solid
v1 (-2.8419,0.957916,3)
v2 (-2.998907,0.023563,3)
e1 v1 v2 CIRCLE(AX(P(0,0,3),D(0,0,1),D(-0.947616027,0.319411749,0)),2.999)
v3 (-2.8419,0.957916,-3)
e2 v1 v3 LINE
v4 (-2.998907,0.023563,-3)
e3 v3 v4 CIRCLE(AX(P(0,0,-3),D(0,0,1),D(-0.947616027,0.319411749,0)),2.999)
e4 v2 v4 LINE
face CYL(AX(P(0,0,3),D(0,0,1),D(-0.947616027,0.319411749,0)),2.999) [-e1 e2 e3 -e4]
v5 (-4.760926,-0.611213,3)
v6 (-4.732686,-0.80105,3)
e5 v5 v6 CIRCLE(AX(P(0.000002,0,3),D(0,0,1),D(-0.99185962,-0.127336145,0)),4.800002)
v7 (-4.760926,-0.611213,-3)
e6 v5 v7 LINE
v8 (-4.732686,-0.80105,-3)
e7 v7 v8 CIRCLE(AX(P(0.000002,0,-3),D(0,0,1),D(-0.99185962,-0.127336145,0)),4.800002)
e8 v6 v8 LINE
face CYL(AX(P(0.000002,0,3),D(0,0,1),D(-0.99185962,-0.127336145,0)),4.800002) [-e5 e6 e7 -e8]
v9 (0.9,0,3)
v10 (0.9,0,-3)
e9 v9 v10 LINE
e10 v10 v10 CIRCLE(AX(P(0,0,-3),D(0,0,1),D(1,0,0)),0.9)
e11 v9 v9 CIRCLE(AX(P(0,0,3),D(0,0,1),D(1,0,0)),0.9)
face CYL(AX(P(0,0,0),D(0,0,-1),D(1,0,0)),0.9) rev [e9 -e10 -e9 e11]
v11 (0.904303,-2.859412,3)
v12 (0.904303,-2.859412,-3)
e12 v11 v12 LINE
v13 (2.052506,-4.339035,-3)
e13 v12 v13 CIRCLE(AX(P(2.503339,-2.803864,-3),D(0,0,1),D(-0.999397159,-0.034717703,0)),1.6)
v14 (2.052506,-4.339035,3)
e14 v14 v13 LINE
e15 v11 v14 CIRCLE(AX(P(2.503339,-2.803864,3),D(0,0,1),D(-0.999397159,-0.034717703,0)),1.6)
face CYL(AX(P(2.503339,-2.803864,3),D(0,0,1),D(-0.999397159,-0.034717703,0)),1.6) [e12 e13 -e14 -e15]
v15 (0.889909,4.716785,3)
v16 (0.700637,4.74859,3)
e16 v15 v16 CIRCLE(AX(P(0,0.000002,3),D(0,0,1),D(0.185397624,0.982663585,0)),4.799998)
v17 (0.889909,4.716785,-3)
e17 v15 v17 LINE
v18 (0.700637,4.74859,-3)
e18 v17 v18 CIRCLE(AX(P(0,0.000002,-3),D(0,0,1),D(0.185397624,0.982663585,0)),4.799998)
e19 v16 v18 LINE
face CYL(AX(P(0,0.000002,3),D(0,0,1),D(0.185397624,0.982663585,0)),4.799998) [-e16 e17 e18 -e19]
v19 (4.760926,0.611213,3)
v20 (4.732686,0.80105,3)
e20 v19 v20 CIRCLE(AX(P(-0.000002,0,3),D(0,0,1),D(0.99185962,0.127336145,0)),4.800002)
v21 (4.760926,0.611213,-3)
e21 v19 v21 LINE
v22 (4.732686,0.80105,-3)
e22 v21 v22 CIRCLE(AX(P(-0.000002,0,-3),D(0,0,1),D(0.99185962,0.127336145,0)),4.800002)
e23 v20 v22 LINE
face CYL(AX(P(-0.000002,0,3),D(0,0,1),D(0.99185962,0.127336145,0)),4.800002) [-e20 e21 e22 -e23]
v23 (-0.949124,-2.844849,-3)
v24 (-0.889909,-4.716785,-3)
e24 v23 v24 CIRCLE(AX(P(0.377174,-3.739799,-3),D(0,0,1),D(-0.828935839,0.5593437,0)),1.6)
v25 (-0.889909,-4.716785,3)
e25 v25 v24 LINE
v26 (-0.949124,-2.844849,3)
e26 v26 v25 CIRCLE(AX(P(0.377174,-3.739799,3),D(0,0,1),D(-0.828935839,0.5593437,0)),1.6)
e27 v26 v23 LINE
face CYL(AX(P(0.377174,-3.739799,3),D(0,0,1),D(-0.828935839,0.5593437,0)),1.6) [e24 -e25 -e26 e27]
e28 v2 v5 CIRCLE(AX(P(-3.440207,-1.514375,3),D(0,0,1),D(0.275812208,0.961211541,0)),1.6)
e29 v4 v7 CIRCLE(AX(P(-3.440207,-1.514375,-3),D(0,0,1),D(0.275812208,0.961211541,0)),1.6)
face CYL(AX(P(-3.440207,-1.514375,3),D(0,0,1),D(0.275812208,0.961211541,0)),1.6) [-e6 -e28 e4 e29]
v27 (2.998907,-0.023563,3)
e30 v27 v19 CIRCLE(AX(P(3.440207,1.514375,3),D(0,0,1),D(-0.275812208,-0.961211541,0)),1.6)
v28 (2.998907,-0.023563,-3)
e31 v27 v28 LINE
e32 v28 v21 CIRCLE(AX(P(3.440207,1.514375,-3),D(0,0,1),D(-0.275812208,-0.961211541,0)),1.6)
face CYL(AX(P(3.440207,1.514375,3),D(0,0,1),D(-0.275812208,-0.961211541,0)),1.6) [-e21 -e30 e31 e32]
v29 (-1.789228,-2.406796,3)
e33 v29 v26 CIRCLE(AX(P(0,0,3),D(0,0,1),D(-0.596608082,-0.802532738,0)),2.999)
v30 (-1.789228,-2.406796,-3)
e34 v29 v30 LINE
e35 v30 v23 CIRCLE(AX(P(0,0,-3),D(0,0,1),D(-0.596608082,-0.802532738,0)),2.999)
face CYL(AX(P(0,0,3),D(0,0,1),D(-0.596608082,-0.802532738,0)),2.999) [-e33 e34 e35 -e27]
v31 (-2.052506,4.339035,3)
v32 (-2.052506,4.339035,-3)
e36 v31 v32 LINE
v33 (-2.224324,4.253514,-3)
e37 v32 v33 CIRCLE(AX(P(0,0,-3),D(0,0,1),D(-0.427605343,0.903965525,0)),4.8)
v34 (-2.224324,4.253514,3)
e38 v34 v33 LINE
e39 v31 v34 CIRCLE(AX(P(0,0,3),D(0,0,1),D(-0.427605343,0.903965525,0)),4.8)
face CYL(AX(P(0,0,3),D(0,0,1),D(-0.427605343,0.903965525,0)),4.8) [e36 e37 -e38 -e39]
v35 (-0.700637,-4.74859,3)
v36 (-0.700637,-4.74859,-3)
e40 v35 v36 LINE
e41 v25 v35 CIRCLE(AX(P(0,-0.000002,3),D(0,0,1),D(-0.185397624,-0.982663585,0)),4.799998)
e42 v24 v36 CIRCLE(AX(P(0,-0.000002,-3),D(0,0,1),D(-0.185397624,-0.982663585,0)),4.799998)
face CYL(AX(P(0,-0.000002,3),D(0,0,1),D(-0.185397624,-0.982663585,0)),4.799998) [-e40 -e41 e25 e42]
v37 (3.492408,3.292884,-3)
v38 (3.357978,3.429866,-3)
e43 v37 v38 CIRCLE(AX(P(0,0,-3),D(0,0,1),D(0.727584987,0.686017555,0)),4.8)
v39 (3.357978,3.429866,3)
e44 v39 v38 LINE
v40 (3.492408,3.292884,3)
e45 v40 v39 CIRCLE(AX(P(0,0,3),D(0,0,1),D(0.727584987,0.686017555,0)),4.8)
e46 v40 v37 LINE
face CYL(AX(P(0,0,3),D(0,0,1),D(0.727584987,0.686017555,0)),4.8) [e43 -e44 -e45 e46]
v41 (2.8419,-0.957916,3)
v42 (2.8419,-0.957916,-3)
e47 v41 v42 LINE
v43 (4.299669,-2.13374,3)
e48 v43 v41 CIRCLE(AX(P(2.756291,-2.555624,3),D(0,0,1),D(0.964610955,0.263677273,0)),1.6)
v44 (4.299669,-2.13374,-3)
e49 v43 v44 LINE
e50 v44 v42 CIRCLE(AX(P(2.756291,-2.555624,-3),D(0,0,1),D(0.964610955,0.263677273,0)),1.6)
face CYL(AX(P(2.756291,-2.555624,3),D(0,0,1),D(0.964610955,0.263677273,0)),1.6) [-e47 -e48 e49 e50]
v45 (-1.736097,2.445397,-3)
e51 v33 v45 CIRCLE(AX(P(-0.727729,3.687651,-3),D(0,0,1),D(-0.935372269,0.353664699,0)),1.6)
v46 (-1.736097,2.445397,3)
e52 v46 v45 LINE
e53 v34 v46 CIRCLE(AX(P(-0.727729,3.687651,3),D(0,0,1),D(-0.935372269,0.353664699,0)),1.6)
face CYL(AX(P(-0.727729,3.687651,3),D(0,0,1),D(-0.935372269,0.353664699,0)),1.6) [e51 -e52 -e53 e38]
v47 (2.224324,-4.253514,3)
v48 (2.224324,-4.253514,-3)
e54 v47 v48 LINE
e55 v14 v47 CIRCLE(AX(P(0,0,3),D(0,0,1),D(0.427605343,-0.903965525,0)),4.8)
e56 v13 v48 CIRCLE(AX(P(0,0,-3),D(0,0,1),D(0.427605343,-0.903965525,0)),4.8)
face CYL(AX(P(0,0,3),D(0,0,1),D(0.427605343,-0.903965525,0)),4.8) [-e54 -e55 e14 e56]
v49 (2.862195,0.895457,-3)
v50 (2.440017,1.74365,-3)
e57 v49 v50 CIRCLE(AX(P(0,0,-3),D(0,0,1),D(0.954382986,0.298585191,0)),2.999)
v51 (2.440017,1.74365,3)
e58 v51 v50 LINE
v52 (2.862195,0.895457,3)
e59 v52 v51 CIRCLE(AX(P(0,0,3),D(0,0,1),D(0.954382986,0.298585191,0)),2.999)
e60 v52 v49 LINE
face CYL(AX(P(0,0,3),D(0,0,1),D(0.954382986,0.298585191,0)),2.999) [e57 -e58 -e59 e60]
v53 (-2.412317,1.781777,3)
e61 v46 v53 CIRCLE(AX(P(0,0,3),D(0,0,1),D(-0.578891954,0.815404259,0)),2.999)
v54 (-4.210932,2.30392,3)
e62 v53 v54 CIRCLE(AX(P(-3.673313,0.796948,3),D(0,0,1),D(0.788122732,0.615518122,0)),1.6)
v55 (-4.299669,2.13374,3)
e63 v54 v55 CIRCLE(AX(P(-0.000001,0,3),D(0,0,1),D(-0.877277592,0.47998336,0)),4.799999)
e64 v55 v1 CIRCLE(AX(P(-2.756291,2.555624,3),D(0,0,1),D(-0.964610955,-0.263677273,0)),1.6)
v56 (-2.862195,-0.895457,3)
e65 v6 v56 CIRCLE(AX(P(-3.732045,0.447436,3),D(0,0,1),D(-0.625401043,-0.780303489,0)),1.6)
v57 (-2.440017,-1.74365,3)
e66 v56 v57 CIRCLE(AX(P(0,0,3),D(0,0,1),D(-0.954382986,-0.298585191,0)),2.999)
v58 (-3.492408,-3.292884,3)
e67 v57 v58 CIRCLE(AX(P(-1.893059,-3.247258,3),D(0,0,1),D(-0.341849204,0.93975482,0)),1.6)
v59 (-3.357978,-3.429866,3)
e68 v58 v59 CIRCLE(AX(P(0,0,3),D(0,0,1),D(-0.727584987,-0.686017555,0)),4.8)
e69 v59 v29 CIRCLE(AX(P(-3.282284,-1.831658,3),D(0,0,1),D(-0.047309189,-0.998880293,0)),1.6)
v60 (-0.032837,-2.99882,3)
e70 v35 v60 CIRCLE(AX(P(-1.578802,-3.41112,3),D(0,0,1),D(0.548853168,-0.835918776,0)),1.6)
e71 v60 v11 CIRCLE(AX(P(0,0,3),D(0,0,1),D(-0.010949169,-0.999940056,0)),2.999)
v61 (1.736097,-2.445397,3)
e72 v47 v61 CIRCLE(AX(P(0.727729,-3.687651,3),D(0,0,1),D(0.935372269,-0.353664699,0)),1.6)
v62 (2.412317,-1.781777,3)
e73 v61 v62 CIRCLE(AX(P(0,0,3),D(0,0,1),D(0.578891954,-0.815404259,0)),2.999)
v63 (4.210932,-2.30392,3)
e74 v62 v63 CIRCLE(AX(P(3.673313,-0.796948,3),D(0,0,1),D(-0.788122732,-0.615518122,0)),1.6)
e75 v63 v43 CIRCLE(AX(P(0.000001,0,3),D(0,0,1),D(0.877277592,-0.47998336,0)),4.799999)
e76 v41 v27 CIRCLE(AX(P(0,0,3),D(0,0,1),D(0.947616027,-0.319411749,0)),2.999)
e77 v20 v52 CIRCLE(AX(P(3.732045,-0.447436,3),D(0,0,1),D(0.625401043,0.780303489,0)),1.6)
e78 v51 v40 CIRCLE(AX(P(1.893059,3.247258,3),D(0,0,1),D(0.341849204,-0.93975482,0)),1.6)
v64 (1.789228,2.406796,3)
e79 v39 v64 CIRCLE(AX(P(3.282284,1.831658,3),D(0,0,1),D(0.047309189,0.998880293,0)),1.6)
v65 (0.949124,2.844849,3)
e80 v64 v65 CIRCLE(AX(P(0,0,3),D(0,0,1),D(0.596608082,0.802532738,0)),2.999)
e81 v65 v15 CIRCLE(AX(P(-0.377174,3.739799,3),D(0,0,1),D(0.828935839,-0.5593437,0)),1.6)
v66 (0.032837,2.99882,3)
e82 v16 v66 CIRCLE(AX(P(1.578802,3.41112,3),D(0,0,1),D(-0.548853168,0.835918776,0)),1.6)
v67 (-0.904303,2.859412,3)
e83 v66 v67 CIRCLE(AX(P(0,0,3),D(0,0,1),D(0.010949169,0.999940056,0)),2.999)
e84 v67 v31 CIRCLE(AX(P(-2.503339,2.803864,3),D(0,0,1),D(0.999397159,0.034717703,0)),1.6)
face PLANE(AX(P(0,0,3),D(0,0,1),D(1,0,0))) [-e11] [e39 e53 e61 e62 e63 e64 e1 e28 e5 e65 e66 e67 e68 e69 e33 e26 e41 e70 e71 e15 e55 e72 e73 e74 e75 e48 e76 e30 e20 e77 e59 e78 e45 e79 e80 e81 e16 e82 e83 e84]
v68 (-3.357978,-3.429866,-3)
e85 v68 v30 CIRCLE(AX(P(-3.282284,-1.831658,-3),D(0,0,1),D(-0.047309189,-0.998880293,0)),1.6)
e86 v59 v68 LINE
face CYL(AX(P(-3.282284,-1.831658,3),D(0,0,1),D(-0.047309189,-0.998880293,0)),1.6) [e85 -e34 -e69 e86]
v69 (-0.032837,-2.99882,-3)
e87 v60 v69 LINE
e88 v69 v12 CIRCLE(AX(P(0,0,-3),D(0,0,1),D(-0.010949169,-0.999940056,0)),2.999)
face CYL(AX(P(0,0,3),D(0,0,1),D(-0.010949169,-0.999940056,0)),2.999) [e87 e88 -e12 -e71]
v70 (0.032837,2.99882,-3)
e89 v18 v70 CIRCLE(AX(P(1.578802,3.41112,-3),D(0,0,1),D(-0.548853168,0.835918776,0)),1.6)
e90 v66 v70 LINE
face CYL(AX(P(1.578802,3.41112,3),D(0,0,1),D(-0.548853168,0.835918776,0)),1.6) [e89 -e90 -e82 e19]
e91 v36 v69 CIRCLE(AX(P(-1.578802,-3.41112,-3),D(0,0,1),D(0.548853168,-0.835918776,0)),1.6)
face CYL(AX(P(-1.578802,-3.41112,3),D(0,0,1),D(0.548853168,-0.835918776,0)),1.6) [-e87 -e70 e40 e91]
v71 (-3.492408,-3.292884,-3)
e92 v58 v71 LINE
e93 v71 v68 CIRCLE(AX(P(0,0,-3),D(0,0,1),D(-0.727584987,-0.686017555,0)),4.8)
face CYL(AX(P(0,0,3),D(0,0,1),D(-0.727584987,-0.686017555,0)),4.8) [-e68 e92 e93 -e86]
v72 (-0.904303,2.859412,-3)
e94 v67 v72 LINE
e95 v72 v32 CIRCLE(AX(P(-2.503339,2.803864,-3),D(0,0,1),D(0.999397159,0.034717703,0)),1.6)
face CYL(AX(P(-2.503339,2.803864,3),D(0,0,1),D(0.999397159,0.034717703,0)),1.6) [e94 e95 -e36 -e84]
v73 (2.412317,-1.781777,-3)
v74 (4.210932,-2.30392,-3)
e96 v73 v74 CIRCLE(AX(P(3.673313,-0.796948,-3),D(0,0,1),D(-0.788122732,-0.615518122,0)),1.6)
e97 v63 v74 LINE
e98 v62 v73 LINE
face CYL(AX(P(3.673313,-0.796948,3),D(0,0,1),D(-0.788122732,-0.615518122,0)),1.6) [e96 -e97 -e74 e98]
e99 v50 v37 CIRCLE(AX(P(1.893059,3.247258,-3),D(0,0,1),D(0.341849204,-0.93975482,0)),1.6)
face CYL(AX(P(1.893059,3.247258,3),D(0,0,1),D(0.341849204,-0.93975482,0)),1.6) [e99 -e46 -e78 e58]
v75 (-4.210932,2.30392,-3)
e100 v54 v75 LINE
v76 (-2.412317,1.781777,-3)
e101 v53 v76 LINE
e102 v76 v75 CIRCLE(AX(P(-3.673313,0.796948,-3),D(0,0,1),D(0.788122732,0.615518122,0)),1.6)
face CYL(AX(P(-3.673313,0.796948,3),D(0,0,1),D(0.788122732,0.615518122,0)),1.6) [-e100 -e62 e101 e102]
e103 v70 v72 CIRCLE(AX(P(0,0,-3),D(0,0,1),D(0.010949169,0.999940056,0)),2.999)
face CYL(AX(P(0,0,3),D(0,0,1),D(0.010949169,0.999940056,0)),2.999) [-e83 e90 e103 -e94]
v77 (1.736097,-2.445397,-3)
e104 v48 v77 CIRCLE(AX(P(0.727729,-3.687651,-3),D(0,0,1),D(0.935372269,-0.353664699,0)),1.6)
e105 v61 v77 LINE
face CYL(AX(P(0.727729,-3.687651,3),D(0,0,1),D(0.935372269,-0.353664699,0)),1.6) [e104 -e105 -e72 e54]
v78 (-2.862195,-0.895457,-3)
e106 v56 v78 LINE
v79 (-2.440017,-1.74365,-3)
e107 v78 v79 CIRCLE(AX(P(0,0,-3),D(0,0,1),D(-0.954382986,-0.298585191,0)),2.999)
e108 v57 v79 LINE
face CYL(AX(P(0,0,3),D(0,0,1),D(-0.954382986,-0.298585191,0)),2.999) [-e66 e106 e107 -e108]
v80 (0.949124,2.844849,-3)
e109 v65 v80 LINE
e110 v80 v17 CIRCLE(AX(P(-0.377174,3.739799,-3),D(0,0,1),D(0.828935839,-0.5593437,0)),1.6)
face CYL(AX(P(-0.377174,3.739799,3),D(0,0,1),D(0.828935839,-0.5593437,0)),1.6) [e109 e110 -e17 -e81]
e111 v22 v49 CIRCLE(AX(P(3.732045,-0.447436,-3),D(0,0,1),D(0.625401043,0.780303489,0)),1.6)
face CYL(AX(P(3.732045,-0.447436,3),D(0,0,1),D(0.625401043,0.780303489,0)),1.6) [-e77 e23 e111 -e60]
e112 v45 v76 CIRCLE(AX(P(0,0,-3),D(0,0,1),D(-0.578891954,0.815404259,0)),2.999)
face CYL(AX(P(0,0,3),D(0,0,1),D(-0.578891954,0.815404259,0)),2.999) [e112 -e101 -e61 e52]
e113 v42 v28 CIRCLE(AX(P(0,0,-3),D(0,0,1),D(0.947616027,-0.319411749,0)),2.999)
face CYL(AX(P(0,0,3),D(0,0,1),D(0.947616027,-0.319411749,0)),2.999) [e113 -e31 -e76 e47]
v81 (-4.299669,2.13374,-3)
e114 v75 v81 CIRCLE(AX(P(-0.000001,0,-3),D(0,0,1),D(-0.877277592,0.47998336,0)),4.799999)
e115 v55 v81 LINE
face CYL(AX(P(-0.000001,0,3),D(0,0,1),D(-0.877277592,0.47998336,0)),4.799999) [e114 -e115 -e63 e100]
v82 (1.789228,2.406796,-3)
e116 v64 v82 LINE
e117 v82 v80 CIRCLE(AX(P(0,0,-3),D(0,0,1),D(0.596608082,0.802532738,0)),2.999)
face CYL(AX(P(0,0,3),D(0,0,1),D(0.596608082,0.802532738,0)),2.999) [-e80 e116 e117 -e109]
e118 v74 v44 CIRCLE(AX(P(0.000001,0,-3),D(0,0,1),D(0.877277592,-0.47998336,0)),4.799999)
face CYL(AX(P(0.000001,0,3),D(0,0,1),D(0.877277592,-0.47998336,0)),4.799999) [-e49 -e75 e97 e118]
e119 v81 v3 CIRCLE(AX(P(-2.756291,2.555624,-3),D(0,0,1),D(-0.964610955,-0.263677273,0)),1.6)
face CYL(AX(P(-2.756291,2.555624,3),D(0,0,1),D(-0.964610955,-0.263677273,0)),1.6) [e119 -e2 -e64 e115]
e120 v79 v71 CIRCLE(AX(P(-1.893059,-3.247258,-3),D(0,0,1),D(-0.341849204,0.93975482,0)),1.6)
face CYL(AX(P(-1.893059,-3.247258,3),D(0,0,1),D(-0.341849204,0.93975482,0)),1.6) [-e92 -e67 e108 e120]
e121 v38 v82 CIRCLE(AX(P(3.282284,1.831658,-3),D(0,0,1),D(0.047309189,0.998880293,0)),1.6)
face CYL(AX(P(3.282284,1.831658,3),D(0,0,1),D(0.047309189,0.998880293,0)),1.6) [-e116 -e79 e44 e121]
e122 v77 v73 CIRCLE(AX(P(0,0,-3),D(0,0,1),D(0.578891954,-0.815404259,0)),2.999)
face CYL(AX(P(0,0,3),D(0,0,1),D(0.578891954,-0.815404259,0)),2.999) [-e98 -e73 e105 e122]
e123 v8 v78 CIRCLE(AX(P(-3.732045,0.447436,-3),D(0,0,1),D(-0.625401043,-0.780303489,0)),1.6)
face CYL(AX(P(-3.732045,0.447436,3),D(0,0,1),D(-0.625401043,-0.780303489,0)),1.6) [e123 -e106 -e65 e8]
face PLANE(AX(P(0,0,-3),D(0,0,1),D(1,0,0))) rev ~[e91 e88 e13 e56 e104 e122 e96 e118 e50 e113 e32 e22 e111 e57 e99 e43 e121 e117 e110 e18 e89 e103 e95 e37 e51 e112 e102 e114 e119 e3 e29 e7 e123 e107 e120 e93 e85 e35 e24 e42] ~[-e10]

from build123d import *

# Parameters (mm, degrees)
SKETCH1_R           = 6
SKETCH1_R_2         = 0.9
BOSS_EXTRUDE1_DEPTH = 3
SKETCH2_R           = 6
CUT_EXTRUDE1_DEPTH  = 11.392304845


with BuildPart() as part:
    # Sketch1 → Boss-Extrude1 (new, symmetric)
    with BuildSketch(Plane.XY):
        Circle(SKETCH1_R)
        Circle(SKETCH1_R_2, mode=Mode.SUBTRACT)
    extrude(amount=BOSS_EXTRUDE1_DEPTH, both=True)

    # Sketch2 → Cut-Extrude1 (cut, through all)
    with BuildSketch(Plane.XY.offset(3)):
        Circle(SKETCH2_R)
        with BuildLine():
            ThreePointArc((-0.904303163, 2.859411966), (-1.23929318, 3.784776039), (-2.052505646, 4.339034521))
            ThreePointArc((-2.052505646, 4.339034521), (-2.138842368, 4.297133152), (-2.224324134, 4.253514094))
            ThreePointArc((-2.224324134, 4.253514094), (-2.272407373, 3.270556831), (-1.736096974, 2.44539737))
            ThreePointArc((-1.736096974, 2.44539737), (-2.100579038, 2.140459929), (-2.412316811, 1.781776811))
            ThreePointArc((-2.412316811, 1.781776811), (-3.227244783, 2.333509881), (-4.210932449, 2.303920118))
            ThreePointArc((-4.210932449, 2.303920118), (-4.256151318, 2.219273746), (-4.29966888, 2.133740266))
            ThreePointArc((-4.29966888, 2.133740266), (-3.760801254, 1.310248516), (-2.841900466, 0.957915832))
            ThreePointArc((-2.841900466, 0.957915832), (-2.957534919, 0.496979078), (-2.998907428, 0.023563475))
            ThreePointArc((-2.998907428, 0.023563475), (-3.982498568, -0.009077739), (-4.760926181, -0.611213463))
            ThreePointArc((-4.760926181, -0.611213463), (-4.747755125, -0.706272801), (-4.732686255, -0.801049821))
            ThreePointArc((-4.732686255, -0.801049821), (-3.812696882, -1.150530198), (-2.862194572, -0.895456995))
            ThreePointArc((-2.862194572, -0.895456995), (-2.684812984, -1.336330888), (-2.440017337, -1.743650307))
            ThreePointArc((-2.440017337, -1.743650307), (-3.216573261, -2.348197971), (-3.49240793, -3.292884275))
            ThreePointArc((-3.49240793, -3.292884275), (-3.425877845, -3.362047143), (-3.357978338, -3.429866103))
            ThreePointArc((-3.357978338, -3.429866103), (-2.408271889, -3.171845481), (-1.789227635, -2.406795685))
            ThreePointArc((-1.789227635, -2.406795685), (-1.386583742, -2.659207876), (-0.949123556, -2.844848937))
            ThreePointArc((-0.949123556, -2.844848937), (-1.222026295, -3.79038639), (-0.889908552, -4.716785215))
            ThreePointArc((-0.889908552, -4.716785215), (-0.795431669, -4.733633748), (-0.700636829, -4.74859011))
            ThreePointArc((-0.700636829, -4.74859011), (-0.083968889, -3.981623598), (-0.032836554, -2.998820228))
            ThreePointArc((-0.032836554, -2.998820228), (0.44127336, -2.966357838), (0.904303163, -2.859411966))
            ThreePointArc((0.904303163, -2.859411966), (1.23929318, -3.784776039), (2.052505646, -4.339034521))
            ThreePointArc((2.052505646, -4.339034521), (2.138842368, -4.297133152), (2.224324134, -4.253514094))
            ThreePointArc((2.224324134, -4.253514094), (2.272407373, -3.270556831), (1.736096974, -2.44539737))
            ThreePointArc((1.736096974, -2.44539737), (2.100579038, -2.140459929), (2.412316811, -1.781776811))
            ThreePointArc((2.412316811, -1.781776811), (3.227244783, -2.333509881), (4.210932449, -2.303920118))
            ThreePointArc((4.210932449, -2.303920118), (4.256151318, -2.219273746), (4.29966888, -2.133740266))
            ThreePointArc((4.29966888, -2.133740266), (3.760801254, -1.310248516), (2.841900466, -0.957915832))
            ThreePointArc((2.841900466, -0.957915832), (2.957534919, -0.496979078), (2.998907428, -0.023563475))
            ThreePointArc((2.998907428, -0.023563475), (3.982498568, 0.009077739), (4.760926181, 0.611213463))
            ThreePointArc((4.760926181, 0.611213463), (4.747755125, 0.706272801), (4.732686255, 0.801049821))
            ThreePointArc((4.732686255, 0.801049821), (3.812696882, 1.150530198), (2.862194572, 0.895456995))
            ThreePointArc((2.862194572, 0.895456995), (2.684812984, 1.336330888), (2.440017337, 1.743650307))
            ThreePointArc((2.440017337, 1.743650307), (3.216573261, 2.348197971), (3.49240793, 3.292884275))
            ThreePointArc((3.49240793, 3.292884275), (3.425877845, 3.362047143), (3.357978338, 3.429866103))
            ThreePointArc((3.357978338, 3.429866103), (2.408271889, 3.171845481), (1.789227635, 2.406795685))
            ThreePointArc((1.789227635, 2.406795685), (1.386583742, 2.659207876), (0.949123556, 2.844848937))
            ThreePointArc((0.949123556, 2.844848937), (1.222026295, 3.79038639), (0.889908552, 4.716785215))
            ThreePointArc((0.889908552, 4.716785215), (0.795431669, 4.733633748), (0.700636829, 4.74859011))
            ThreePointArc((0.700636829, 4.74859011), (0.083968889, 3.981623598), (0.032836554, 2.998820228))
            ThreePointArc((0.032836554, 2.998820228), (-0.44127336, 2.966357838), (-0.904303163, 2.859411966))
        make_face(mode=Mode.SUBTRACT)
    extrude(amount=-CUT_EXTRUDE1_DEPTH, mode=Mode.SUBTRACT)


solid = part.part
